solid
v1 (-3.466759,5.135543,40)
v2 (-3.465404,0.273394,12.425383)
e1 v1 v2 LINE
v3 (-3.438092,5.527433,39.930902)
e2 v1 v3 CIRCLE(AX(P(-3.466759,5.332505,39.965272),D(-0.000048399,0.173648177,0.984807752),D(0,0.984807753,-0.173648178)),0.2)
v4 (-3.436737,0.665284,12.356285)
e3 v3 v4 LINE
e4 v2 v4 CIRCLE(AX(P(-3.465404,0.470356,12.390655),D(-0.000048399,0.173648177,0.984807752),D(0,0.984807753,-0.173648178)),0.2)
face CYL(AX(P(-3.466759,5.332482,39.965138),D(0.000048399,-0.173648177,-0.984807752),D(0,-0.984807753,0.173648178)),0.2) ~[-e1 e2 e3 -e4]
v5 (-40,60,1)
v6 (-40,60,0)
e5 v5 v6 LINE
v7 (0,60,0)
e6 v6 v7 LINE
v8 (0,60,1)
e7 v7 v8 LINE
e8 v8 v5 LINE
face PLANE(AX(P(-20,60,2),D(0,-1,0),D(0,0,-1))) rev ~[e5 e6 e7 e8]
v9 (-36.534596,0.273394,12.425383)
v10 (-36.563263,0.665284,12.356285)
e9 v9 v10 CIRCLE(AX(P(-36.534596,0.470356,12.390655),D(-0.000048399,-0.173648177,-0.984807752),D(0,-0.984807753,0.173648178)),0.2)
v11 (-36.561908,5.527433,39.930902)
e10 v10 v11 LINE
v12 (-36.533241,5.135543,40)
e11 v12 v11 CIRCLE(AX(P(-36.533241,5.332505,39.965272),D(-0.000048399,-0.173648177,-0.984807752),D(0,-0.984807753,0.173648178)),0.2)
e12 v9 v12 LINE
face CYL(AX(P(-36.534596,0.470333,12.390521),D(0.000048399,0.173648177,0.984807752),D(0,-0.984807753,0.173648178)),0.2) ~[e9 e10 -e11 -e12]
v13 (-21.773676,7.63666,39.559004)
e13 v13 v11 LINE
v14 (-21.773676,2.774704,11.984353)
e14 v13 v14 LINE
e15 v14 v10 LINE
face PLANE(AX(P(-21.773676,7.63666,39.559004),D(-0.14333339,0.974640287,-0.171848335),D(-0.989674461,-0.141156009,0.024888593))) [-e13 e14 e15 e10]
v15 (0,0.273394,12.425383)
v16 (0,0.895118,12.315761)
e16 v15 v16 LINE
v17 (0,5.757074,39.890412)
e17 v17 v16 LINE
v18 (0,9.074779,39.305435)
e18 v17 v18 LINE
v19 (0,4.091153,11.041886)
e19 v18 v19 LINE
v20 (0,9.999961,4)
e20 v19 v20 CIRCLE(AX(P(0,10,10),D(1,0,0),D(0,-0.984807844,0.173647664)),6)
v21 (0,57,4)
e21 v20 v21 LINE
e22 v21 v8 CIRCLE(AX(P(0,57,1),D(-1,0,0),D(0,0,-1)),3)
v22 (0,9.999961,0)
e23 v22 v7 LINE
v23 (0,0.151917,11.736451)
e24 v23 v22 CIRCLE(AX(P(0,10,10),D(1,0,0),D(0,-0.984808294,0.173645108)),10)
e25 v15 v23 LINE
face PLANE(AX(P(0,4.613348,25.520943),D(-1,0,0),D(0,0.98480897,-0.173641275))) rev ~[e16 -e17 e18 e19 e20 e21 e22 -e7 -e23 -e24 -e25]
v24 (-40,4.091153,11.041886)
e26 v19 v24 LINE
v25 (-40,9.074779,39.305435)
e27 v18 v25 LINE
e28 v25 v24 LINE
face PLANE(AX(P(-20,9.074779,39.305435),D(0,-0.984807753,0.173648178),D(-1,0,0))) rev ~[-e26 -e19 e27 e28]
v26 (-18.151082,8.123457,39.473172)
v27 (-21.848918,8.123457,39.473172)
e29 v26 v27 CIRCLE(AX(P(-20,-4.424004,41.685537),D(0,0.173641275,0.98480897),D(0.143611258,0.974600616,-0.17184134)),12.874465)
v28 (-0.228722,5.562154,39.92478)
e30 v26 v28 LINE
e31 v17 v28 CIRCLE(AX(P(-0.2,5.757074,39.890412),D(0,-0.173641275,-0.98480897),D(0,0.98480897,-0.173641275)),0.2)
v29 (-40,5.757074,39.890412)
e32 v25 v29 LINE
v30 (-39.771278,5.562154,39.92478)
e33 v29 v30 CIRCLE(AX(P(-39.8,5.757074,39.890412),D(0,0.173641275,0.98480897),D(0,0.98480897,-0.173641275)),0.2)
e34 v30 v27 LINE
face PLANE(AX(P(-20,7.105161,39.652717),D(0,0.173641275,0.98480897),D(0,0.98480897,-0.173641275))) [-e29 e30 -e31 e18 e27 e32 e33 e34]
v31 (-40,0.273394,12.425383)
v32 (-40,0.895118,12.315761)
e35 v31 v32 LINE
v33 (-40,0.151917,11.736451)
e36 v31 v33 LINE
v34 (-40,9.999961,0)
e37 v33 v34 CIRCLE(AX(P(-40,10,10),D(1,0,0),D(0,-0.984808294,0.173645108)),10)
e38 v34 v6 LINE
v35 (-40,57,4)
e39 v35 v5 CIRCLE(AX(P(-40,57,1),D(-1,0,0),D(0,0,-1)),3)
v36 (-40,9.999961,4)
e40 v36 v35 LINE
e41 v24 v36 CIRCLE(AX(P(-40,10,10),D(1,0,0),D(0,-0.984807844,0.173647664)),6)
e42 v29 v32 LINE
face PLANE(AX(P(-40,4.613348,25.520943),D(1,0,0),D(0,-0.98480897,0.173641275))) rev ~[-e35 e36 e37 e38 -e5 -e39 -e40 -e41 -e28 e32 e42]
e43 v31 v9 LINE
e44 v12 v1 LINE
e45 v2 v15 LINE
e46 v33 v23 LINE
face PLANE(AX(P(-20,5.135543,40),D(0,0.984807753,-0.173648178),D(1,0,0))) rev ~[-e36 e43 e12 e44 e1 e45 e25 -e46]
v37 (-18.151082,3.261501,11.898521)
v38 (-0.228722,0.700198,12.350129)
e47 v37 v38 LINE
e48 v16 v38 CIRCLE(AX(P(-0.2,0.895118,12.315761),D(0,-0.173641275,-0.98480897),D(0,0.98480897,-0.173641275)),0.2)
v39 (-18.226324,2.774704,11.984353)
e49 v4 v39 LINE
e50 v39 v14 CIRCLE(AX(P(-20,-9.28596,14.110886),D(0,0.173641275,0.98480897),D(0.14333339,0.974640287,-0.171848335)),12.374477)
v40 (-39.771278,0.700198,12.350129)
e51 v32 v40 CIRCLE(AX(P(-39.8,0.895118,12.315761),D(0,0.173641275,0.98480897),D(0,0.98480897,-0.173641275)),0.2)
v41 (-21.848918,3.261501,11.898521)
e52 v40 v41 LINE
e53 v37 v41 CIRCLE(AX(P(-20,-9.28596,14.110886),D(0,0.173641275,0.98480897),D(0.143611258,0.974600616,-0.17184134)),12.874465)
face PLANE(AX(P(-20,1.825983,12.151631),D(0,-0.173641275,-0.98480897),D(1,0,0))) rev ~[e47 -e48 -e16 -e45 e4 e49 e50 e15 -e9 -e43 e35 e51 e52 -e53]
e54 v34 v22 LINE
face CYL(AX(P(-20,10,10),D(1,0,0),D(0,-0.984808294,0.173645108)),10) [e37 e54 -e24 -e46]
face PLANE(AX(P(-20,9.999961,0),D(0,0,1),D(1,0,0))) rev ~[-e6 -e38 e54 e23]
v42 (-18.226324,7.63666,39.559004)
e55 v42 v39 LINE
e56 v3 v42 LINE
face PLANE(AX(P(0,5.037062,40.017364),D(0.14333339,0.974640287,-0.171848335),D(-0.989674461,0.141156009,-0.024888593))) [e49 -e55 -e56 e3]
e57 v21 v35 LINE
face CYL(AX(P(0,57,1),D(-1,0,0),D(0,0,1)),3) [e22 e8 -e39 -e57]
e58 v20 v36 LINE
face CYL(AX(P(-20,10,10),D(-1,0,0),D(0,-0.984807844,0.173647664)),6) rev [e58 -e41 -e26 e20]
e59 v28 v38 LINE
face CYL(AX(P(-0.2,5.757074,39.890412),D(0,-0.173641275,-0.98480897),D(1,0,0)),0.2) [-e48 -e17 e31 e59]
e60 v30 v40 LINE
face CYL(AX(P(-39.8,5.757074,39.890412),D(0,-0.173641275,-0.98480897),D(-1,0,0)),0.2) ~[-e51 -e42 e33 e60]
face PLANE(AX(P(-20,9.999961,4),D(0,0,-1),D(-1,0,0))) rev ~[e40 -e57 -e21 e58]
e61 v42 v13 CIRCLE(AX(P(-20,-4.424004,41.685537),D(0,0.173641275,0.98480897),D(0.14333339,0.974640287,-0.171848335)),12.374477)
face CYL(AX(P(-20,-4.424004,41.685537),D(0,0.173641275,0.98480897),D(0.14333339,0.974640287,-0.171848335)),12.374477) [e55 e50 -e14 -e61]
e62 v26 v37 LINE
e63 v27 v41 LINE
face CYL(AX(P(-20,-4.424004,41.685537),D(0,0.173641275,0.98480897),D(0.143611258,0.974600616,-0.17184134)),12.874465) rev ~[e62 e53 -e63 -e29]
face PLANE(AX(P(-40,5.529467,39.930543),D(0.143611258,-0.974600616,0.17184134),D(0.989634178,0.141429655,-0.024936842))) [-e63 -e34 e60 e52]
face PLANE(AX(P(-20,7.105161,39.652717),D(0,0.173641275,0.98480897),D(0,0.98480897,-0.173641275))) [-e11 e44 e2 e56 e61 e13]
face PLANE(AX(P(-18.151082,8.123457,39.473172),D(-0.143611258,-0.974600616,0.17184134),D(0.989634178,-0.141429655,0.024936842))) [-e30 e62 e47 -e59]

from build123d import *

# Parameters (mm, degrees)
SKETCH001_W  = 40
SKETCH001_H  = 4
POCKET_DEPTH = 28
FILLET_R     = 0.2
FILLET001_R  = 3


with BuildPart() as part:
    # AdditivePipe: sweep along a path in Sketch
    with BuildLine(Plane.YZ) as additivepipe_path:
        Line((5.1355433024, 40), (0.1519170577, 11.7364510822))
        ThreePointArc((0.1519170577, 11.7364510822), (2.3395530749, 3.5721268753), (9.9999610722, 1e-10))
        Line((9.9999610722, 0), (60, 0))
    # Sketch001 (on DatumPlane) → AdditivePipe (sweep)
    with BuildSketch(Plane.XZ.offset(-60)):
        with Locations((-20, 2)):
            Rectangle(SKETCH001_W, SKETCH001_H)
    sweep(path=additivepipe_path.line)

    # Sketch002 (on Face1 of AdditivePipe) → Pocket (cut)
    with BuildSketch(Plane(origin=(0, 65.1859051246, 29.411935024), x_dir=(-1, 0, 0), z_dir=(0, 0.1736412746, 0.9848089702))):
        with BuildLine():
            Line((40, 60.5766600833), (21.8489180566, 57.9426567644))
            ThreePointArc((18.1510819434, 57.9426567644), (20, 57.8092023582), (21.8489180566, 57.9426567644))
            Line((18.1510819434, 57.9426567644), (0, 60.5766600833))
            Line((0, 60.5766600833), (0, 61.0766600833))
            Line((0, 61.0766600833), (18.2263242344, 58.4369629425))
            ThreePointArc((18.2263242344, 58.4369629425), (20, 58.3091897988), (21.7736757656, 58.4369629425))
            Line((21.7736757656, 58.4369629425), (40, 61.0766600833))
            Line((40, 61.0766600833), (40, 60.5766600833))
        make_face()
    extrude(amount=-POCKET_DEPTH, mode=Mode.SUBTRACT)

    # Fillet
    fillet_edges = [part.edges().sort_by_distance(p)[0] for p in [
        (-39.310207, 2.704469, 26.212691),
        (-0.689793, 2.704469, 26.212691),
        (0, 3.098489, 26.143218),
        (-40, 3.098489, 26.143218),
    ]]
    fillet(fillet_edges, radius=FILLET_R)

    # Fillet001
    fillet001_edges = [part.edges().sort_by_distance(p)[0] for p in [
        (-20, 60, 4),
    ]]
    fillet(fillet001_edges, radius=FILLET001_R)


solid = part.part
